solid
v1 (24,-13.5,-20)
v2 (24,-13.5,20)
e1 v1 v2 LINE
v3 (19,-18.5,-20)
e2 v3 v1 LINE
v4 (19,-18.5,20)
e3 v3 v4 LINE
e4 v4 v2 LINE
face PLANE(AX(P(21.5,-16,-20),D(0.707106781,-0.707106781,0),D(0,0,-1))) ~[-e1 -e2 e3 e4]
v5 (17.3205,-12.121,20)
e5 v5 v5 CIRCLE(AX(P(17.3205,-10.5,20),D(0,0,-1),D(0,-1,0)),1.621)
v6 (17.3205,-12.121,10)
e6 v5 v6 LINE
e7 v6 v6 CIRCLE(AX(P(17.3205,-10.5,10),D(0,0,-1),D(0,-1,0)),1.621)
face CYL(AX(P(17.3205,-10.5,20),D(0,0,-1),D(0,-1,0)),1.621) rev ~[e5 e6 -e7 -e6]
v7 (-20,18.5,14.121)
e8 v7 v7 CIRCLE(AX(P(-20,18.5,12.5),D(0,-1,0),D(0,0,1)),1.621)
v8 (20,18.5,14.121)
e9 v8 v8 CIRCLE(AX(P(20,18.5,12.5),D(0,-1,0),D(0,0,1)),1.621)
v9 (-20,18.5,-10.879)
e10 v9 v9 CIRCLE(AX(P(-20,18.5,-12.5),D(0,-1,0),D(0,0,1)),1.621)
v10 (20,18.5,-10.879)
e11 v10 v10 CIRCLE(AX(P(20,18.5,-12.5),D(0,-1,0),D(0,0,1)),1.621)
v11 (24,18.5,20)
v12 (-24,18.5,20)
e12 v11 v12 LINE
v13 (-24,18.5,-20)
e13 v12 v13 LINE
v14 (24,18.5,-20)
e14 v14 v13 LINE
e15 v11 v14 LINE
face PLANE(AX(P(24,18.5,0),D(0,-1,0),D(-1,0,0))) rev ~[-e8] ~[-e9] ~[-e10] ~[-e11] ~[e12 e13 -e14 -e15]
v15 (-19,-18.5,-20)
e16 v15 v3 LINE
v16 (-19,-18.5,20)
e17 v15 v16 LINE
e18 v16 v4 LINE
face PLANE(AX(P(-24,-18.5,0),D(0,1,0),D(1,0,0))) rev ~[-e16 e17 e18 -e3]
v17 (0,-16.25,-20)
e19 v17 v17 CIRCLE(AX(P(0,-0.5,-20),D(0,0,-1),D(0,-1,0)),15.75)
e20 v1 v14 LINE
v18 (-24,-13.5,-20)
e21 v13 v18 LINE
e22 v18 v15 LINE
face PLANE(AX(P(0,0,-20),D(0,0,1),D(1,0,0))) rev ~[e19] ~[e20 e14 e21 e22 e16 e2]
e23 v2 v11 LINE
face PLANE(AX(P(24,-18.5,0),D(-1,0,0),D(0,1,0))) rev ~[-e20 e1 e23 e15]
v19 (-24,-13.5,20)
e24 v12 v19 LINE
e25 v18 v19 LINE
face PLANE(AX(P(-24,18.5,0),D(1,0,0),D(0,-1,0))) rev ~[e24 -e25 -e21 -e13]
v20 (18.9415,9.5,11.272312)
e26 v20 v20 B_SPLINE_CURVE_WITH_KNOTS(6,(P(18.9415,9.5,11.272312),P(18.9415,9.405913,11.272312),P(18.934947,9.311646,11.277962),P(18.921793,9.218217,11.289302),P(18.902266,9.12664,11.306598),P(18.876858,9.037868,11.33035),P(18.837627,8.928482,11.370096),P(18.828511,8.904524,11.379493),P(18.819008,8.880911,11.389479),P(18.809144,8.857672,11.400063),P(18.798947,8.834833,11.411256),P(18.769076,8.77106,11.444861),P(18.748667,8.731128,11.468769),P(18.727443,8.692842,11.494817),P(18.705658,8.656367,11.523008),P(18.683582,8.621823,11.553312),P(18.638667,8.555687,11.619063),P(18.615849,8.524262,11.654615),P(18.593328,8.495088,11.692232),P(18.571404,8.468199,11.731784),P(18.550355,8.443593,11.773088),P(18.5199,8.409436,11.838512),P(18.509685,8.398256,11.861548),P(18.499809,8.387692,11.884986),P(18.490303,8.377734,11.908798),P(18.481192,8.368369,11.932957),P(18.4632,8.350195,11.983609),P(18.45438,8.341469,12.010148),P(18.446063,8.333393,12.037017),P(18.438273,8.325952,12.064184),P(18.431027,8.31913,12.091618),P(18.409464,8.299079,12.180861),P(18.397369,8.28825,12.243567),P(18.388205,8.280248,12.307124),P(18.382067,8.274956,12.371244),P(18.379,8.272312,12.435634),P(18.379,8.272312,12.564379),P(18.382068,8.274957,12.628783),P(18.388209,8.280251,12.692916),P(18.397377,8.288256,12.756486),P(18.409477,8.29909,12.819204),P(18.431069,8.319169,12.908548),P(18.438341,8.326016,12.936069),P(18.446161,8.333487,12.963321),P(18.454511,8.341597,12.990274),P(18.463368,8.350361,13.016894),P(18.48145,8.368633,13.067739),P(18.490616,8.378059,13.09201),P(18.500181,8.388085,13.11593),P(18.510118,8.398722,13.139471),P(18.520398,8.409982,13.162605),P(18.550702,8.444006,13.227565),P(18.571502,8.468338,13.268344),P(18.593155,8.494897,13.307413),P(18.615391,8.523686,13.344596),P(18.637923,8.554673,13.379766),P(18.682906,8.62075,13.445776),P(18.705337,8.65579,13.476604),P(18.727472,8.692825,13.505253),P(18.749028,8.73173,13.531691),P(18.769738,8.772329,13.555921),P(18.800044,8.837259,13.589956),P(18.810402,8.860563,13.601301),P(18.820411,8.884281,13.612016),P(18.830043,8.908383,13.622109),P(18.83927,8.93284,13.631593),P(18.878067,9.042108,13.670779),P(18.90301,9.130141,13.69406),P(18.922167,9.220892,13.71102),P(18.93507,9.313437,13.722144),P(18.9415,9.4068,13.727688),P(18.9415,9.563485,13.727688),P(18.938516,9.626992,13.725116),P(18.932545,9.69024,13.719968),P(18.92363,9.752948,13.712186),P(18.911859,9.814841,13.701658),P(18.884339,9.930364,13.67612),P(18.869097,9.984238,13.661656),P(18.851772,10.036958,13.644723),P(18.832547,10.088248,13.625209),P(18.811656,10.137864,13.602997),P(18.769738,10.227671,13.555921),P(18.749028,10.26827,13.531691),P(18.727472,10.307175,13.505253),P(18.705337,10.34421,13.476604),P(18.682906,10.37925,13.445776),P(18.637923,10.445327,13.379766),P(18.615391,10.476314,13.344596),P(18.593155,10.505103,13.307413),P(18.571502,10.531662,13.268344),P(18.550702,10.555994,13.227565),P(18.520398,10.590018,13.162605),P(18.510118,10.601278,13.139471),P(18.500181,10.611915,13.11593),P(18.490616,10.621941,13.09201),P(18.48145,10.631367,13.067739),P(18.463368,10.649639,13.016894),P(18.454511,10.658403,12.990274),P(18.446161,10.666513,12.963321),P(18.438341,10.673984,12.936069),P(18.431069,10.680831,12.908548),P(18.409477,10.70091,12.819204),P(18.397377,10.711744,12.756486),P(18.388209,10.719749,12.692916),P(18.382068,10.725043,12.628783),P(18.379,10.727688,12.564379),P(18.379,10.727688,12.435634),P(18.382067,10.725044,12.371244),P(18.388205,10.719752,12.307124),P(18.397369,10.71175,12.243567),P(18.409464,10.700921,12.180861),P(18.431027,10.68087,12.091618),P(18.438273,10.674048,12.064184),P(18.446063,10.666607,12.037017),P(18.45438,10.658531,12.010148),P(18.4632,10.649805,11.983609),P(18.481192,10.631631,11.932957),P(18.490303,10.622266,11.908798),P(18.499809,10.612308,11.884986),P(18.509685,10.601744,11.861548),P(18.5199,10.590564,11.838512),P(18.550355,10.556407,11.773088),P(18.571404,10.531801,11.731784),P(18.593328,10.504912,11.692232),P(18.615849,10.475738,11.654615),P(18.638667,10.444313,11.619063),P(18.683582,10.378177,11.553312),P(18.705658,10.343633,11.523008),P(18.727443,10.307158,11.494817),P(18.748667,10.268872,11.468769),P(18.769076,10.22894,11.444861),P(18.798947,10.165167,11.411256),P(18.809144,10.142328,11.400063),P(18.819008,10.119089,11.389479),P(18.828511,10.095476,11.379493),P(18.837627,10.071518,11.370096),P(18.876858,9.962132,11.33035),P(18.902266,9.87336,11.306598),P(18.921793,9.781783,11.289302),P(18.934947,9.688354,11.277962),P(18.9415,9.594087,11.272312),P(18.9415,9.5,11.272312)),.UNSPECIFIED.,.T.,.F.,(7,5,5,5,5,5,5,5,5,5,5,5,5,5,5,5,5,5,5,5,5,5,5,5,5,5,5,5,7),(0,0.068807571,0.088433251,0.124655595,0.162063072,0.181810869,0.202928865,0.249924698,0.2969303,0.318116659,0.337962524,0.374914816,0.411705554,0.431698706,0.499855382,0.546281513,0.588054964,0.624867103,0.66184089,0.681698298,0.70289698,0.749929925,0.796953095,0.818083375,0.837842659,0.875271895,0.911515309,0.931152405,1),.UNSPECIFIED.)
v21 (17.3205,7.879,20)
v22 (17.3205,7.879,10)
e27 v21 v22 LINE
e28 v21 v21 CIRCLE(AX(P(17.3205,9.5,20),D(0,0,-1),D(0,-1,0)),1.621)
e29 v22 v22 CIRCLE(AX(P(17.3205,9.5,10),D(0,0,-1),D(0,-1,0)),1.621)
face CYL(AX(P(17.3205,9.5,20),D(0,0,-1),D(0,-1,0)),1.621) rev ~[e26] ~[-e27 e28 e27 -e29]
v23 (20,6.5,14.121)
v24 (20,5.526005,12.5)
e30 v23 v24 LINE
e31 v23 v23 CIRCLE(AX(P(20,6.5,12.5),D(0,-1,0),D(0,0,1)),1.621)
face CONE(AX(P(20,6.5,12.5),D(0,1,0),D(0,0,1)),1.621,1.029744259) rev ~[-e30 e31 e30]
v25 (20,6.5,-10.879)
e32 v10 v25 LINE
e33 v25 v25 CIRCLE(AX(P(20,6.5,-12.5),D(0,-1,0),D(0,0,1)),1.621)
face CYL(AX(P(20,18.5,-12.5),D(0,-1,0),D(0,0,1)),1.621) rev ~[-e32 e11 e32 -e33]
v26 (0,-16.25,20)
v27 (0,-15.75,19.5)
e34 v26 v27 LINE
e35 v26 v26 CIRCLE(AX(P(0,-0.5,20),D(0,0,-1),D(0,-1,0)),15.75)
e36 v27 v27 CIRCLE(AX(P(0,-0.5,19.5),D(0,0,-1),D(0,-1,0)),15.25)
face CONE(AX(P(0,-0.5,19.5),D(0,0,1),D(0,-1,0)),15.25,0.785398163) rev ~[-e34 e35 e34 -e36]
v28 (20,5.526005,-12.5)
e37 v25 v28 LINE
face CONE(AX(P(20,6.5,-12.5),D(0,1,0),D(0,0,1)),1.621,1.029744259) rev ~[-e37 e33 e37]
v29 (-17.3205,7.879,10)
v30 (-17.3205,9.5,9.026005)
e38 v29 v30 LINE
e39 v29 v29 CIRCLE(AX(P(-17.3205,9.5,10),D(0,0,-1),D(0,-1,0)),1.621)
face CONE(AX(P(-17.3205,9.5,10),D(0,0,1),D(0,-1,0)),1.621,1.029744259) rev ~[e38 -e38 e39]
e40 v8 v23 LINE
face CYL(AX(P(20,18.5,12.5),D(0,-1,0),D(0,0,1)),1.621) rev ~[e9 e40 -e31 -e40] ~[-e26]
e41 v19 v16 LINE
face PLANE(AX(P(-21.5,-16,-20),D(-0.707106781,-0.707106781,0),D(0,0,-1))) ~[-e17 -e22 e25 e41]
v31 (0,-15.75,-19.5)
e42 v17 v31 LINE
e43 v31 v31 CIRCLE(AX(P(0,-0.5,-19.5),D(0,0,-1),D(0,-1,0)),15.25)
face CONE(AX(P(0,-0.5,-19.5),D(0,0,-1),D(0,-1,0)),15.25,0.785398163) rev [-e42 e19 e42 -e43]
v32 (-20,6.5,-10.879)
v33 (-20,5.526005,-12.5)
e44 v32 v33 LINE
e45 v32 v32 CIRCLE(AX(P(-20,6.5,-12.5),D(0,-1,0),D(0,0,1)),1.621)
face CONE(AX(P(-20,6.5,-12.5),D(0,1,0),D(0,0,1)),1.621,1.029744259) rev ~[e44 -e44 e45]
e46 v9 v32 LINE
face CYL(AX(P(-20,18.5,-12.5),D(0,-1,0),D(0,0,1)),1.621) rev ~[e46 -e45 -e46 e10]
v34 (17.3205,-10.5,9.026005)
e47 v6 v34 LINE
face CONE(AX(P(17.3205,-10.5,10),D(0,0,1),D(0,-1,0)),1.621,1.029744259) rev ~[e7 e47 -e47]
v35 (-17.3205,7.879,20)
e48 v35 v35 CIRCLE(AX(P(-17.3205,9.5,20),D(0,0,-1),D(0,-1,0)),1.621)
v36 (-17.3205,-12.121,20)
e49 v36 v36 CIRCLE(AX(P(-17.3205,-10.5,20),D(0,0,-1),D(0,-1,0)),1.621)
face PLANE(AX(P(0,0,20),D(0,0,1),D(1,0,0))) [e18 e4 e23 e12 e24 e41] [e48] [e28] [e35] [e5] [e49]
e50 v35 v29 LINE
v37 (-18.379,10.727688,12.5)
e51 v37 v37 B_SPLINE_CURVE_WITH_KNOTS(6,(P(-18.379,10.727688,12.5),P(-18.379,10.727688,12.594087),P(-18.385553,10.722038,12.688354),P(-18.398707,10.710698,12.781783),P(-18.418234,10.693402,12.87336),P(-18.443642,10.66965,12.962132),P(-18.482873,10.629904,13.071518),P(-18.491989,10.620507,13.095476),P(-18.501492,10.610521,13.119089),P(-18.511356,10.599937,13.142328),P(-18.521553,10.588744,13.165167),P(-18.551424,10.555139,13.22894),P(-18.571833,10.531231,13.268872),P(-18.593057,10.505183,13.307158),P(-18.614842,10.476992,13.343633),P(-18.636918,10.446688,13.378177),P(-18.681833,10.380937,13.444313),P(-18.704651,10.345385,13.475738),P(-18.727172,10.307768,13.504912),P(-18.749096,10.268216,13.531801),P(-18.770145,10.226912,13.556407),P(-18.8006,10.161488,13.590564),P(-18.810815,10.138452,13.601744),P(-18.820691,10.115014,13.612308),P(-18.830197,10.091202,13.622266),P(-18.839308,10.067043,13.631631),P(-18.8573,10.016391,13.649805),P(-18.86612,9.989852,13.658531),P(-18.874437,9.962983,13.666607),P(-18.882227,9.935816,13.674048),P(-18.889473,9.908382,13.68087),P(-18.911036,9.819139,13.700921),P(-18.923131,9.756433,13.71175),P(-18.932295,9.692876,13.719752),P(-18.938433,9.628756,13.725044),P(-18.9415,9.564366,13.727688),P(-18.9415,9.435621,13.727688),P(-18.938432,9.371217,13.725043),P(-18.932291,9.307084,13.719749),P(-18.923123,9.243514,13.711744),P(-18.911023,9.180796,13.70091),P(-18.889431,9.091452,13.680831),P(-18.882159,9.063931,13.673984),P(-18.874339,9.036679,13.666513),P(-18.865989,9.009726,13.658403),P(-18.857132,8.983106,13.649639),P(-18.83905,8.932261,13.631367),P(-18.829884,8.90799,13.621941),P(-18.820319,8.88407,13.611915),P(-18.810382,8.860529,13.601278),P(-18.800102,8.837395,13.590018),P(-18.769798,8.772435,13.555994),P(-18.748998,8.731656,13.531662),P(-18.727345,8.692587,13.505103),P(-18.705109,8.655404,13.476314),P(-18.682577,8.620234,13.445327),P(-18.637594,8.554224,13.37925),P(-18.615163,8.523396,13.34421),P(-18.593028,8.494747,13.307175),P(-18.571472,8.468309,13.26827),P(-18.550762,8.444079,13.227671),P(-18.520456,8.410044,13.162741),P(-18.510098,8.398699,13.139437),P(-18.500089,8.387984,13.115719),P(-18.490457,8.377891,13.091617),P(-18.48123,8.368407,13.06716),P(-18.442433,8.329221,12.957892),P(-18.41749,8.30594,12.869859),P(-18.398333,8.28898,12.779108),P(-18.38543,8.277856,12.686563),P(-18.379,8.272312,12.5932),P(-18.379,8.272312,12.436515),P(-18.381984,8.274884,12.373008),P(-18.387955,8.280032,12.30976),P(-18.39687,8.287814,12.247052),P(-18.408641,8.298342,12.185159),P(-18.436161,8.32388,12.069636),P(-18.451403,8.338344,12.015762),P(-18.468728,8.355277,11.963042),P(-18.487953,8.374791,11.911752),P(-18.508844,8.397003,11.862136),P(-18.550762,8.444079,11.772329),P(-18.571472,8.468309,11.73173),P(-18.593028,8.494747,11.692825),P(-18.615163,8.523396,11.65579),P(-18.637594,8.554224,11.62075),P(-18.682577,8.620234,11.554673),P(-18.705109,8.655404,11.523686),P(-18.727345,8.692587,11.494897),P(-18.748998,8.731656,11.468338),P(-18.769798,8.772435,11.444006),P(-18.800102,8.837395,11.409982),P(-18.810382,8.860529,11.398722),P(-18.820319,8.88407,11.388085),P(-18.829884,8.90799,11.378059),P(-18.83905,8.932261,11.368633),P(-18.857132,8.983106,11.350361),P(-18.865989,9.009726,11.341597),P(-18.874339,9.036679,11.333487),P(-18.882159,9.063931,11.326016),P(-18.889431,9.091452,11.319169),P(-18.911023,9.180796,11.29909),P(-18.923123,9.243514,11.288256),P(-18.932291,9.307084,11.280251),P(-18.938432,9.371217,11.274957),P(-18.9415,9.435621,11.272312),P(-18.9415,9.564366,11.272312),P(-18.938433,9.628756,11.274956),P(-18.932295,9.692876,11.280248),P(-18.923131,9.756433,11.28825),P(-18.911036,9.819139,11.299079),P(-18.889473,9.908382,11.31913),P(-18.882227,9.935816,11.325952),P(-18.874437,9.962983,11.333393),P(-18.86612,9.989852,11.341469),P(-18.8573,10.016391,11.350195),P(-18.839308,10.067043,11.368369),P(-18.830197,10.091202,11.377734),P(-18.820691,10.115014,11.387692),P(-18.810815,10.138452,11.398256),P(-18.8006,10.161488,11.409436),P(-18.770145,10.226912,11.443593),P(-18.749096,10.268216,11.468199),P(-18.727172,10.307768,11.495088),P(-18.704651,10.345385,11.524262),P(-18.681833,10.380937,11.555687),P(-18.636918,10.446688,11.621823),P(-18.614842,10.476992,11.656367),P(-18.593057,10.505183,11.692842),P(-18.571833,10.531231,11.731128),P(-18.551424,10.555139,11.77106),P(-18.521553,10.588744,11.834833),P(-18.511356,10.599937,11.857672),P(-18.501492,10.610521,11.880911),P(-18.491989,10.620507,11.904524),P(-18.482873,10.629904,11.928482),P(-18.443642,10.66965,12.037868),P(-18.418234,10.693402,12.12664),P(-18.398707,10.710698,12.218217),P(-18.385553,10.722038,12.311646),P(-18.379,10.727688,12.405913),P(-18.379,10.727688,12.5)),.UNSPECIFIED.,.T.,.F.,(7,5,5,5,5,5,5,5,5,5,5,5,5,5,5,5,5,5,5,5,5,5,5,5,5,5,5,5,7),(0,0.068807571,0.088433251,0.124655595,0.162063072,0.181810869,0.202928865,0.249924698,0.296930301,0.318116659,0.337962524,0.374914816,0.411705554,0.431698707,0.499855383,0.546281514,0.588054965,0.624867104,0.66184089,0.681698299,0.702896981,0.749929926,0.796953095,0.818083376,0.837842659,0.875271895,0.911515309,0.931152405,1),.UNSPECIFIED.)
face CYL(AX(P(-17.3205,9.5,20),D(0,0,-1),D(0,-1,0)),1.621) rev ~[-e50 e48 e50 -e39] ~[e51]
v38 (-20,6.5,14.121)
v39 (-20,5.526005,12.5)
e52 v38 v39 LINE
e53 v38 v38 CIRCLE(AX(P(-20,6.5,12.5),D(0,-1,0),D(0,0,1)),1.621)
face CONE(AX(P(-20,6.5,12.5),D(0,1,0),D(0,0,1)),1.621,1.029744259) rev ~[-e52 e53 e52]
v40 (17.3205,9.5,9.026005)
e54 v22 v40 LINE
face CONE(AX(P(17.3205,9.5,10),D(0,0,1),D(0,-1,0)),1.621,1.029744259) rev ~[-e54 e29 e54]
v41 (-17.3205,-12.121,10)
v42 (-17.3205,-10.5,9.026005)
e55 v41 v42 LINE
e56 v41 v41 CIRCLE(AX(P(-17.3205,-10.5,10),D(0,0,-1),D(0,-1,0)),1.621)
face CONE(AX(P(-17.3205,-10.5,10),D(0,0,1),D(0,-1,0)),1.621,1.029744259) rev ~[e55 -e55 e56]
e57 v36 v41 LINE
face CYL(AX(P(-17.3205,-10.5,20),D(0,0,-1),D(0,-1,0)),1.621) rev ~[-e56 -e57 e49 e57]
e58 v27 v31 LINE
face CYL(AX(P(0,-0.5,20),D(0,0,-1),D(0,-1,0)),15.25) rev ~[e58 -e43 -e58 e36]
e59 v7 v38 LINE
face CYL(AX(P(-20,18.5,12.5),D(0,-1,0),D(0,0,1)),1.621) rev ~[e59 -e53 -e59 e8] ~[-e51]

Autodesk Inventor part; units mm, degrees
ref_plane "YZ Plane" through (0, 0, 0) normal (1, 0, 0) x (0, 1, 0)
ref_plane "XZ Plane" through (0, 0, 0) normal (0, 1, 0) x (-1, 0, 0)
ref_plane "XY Plane" through (0, 0, 0) normal (0, 0, 1) x (1, 0, 0)
sketch "Sketch1" plane through (0, 0, 0) normal (0, 0, 1) x (1, 0, 0)
  line L0 (-24, -18.5) -> (24, -18.5)
  line L1 (24, -18.5) -> (24, 18.5)
  line L2 (24, 18.5) -> (-24, 18.5)
  line L3 (-24, 18.5) -> (-24, -18.5)
  line L4 (-24, -18.5) -> (24, 18.5) construction
  line L5 (24, -18.5) -> (-24, 18.5) construction
  point P0 (0, 0)
  dimension "d0" = 48
  dimension "d1" = 37
extrude "Extrusion1" add sketch "Sketch1" along normal mid plane 40
chamfer "Chamfer1" distance 5 angle 45 2 edges at (24, -18.5, 0) (-24, -18.5, 0)
sketch "Sketch2" plane through (0, 0, 20) normal (0, 0, 1) x (1, 0, 0)
  line L0 (24, 18.5) -> (-24, 18.5) projected
  point P0 (0, 0)
  point P1 (0, -0.5)
  point P2 (0, 18.5)
  dimension "d7" = 19
hole "Hole1" at (0, -0.5, 20) direction (0, 0, -1) diameter 30.5 end through all
chamfer "Chamfer2" distance 0.5 angle 45 2 edges at (0, 14.75, 20) (0, 14.75, -20)
sketch "Sketch3" plane through (-24, 18.5, 20) normal (0, 1, 0) x (1, 0, 0)
  line L0 (44, 7.5) -> (4, 7.5)
  line L1 (4, 7.5) -> (4, 32.5)
  line L2 (4, 32.5) -> (44, 32.5)
  line L3 (44, 32.5) -> (44, 7.5)
  line L4 (44, 7.5) -> (4, 32.5) construction
  line L5 (4, 7.5) -> (44, 32.5) construction
  point P0 (24, 20)
  dimension "d18" = 25
  dimension "d19" = 40
hole "Hole2" at (-20, 18.5, -12.5) at (-20, 18.5, 12.5) at (20, 18.5, -12.5) at (20, 18.5, 12.5) direction (0, -1, 0) diameter 3.242 depth 12 tip angle 118 thread size "M4x0.7" designation "M4" class "6H" standard "ISO Metric profile"
sketch "Sketch4" plane through (0, 0, 20) normal (0, 0, 1) x (1, 0, 0)
  circle A0 centre (0, -0.5) radius 20 construction
  circle A1 centre (0, -0.5) radius 15.25 projected
  point P0 (0, 0)
  point P1 (-17.3205, 9.5)
  point P2 (-17.3205, -10.5)
  point P3 (17.3205, -10.5)
  point P4 (17.3205, 9.5)
  dimension "d27" = 20
  dimension "d28" = 40
hole "Hole4" at (-17.3205, 9.5, 20) at (-17.3205, -10.5, 20) at (17.3205, -10.5, 20) at (17.3205, 9.5, 20) direction (0, 0, -1) diameter 3.242 depth 10 tip angle 118 thread size "M4x0.7" class "6H" standard "ISO Metric profile"
properties part number "Ballnut_Support"
